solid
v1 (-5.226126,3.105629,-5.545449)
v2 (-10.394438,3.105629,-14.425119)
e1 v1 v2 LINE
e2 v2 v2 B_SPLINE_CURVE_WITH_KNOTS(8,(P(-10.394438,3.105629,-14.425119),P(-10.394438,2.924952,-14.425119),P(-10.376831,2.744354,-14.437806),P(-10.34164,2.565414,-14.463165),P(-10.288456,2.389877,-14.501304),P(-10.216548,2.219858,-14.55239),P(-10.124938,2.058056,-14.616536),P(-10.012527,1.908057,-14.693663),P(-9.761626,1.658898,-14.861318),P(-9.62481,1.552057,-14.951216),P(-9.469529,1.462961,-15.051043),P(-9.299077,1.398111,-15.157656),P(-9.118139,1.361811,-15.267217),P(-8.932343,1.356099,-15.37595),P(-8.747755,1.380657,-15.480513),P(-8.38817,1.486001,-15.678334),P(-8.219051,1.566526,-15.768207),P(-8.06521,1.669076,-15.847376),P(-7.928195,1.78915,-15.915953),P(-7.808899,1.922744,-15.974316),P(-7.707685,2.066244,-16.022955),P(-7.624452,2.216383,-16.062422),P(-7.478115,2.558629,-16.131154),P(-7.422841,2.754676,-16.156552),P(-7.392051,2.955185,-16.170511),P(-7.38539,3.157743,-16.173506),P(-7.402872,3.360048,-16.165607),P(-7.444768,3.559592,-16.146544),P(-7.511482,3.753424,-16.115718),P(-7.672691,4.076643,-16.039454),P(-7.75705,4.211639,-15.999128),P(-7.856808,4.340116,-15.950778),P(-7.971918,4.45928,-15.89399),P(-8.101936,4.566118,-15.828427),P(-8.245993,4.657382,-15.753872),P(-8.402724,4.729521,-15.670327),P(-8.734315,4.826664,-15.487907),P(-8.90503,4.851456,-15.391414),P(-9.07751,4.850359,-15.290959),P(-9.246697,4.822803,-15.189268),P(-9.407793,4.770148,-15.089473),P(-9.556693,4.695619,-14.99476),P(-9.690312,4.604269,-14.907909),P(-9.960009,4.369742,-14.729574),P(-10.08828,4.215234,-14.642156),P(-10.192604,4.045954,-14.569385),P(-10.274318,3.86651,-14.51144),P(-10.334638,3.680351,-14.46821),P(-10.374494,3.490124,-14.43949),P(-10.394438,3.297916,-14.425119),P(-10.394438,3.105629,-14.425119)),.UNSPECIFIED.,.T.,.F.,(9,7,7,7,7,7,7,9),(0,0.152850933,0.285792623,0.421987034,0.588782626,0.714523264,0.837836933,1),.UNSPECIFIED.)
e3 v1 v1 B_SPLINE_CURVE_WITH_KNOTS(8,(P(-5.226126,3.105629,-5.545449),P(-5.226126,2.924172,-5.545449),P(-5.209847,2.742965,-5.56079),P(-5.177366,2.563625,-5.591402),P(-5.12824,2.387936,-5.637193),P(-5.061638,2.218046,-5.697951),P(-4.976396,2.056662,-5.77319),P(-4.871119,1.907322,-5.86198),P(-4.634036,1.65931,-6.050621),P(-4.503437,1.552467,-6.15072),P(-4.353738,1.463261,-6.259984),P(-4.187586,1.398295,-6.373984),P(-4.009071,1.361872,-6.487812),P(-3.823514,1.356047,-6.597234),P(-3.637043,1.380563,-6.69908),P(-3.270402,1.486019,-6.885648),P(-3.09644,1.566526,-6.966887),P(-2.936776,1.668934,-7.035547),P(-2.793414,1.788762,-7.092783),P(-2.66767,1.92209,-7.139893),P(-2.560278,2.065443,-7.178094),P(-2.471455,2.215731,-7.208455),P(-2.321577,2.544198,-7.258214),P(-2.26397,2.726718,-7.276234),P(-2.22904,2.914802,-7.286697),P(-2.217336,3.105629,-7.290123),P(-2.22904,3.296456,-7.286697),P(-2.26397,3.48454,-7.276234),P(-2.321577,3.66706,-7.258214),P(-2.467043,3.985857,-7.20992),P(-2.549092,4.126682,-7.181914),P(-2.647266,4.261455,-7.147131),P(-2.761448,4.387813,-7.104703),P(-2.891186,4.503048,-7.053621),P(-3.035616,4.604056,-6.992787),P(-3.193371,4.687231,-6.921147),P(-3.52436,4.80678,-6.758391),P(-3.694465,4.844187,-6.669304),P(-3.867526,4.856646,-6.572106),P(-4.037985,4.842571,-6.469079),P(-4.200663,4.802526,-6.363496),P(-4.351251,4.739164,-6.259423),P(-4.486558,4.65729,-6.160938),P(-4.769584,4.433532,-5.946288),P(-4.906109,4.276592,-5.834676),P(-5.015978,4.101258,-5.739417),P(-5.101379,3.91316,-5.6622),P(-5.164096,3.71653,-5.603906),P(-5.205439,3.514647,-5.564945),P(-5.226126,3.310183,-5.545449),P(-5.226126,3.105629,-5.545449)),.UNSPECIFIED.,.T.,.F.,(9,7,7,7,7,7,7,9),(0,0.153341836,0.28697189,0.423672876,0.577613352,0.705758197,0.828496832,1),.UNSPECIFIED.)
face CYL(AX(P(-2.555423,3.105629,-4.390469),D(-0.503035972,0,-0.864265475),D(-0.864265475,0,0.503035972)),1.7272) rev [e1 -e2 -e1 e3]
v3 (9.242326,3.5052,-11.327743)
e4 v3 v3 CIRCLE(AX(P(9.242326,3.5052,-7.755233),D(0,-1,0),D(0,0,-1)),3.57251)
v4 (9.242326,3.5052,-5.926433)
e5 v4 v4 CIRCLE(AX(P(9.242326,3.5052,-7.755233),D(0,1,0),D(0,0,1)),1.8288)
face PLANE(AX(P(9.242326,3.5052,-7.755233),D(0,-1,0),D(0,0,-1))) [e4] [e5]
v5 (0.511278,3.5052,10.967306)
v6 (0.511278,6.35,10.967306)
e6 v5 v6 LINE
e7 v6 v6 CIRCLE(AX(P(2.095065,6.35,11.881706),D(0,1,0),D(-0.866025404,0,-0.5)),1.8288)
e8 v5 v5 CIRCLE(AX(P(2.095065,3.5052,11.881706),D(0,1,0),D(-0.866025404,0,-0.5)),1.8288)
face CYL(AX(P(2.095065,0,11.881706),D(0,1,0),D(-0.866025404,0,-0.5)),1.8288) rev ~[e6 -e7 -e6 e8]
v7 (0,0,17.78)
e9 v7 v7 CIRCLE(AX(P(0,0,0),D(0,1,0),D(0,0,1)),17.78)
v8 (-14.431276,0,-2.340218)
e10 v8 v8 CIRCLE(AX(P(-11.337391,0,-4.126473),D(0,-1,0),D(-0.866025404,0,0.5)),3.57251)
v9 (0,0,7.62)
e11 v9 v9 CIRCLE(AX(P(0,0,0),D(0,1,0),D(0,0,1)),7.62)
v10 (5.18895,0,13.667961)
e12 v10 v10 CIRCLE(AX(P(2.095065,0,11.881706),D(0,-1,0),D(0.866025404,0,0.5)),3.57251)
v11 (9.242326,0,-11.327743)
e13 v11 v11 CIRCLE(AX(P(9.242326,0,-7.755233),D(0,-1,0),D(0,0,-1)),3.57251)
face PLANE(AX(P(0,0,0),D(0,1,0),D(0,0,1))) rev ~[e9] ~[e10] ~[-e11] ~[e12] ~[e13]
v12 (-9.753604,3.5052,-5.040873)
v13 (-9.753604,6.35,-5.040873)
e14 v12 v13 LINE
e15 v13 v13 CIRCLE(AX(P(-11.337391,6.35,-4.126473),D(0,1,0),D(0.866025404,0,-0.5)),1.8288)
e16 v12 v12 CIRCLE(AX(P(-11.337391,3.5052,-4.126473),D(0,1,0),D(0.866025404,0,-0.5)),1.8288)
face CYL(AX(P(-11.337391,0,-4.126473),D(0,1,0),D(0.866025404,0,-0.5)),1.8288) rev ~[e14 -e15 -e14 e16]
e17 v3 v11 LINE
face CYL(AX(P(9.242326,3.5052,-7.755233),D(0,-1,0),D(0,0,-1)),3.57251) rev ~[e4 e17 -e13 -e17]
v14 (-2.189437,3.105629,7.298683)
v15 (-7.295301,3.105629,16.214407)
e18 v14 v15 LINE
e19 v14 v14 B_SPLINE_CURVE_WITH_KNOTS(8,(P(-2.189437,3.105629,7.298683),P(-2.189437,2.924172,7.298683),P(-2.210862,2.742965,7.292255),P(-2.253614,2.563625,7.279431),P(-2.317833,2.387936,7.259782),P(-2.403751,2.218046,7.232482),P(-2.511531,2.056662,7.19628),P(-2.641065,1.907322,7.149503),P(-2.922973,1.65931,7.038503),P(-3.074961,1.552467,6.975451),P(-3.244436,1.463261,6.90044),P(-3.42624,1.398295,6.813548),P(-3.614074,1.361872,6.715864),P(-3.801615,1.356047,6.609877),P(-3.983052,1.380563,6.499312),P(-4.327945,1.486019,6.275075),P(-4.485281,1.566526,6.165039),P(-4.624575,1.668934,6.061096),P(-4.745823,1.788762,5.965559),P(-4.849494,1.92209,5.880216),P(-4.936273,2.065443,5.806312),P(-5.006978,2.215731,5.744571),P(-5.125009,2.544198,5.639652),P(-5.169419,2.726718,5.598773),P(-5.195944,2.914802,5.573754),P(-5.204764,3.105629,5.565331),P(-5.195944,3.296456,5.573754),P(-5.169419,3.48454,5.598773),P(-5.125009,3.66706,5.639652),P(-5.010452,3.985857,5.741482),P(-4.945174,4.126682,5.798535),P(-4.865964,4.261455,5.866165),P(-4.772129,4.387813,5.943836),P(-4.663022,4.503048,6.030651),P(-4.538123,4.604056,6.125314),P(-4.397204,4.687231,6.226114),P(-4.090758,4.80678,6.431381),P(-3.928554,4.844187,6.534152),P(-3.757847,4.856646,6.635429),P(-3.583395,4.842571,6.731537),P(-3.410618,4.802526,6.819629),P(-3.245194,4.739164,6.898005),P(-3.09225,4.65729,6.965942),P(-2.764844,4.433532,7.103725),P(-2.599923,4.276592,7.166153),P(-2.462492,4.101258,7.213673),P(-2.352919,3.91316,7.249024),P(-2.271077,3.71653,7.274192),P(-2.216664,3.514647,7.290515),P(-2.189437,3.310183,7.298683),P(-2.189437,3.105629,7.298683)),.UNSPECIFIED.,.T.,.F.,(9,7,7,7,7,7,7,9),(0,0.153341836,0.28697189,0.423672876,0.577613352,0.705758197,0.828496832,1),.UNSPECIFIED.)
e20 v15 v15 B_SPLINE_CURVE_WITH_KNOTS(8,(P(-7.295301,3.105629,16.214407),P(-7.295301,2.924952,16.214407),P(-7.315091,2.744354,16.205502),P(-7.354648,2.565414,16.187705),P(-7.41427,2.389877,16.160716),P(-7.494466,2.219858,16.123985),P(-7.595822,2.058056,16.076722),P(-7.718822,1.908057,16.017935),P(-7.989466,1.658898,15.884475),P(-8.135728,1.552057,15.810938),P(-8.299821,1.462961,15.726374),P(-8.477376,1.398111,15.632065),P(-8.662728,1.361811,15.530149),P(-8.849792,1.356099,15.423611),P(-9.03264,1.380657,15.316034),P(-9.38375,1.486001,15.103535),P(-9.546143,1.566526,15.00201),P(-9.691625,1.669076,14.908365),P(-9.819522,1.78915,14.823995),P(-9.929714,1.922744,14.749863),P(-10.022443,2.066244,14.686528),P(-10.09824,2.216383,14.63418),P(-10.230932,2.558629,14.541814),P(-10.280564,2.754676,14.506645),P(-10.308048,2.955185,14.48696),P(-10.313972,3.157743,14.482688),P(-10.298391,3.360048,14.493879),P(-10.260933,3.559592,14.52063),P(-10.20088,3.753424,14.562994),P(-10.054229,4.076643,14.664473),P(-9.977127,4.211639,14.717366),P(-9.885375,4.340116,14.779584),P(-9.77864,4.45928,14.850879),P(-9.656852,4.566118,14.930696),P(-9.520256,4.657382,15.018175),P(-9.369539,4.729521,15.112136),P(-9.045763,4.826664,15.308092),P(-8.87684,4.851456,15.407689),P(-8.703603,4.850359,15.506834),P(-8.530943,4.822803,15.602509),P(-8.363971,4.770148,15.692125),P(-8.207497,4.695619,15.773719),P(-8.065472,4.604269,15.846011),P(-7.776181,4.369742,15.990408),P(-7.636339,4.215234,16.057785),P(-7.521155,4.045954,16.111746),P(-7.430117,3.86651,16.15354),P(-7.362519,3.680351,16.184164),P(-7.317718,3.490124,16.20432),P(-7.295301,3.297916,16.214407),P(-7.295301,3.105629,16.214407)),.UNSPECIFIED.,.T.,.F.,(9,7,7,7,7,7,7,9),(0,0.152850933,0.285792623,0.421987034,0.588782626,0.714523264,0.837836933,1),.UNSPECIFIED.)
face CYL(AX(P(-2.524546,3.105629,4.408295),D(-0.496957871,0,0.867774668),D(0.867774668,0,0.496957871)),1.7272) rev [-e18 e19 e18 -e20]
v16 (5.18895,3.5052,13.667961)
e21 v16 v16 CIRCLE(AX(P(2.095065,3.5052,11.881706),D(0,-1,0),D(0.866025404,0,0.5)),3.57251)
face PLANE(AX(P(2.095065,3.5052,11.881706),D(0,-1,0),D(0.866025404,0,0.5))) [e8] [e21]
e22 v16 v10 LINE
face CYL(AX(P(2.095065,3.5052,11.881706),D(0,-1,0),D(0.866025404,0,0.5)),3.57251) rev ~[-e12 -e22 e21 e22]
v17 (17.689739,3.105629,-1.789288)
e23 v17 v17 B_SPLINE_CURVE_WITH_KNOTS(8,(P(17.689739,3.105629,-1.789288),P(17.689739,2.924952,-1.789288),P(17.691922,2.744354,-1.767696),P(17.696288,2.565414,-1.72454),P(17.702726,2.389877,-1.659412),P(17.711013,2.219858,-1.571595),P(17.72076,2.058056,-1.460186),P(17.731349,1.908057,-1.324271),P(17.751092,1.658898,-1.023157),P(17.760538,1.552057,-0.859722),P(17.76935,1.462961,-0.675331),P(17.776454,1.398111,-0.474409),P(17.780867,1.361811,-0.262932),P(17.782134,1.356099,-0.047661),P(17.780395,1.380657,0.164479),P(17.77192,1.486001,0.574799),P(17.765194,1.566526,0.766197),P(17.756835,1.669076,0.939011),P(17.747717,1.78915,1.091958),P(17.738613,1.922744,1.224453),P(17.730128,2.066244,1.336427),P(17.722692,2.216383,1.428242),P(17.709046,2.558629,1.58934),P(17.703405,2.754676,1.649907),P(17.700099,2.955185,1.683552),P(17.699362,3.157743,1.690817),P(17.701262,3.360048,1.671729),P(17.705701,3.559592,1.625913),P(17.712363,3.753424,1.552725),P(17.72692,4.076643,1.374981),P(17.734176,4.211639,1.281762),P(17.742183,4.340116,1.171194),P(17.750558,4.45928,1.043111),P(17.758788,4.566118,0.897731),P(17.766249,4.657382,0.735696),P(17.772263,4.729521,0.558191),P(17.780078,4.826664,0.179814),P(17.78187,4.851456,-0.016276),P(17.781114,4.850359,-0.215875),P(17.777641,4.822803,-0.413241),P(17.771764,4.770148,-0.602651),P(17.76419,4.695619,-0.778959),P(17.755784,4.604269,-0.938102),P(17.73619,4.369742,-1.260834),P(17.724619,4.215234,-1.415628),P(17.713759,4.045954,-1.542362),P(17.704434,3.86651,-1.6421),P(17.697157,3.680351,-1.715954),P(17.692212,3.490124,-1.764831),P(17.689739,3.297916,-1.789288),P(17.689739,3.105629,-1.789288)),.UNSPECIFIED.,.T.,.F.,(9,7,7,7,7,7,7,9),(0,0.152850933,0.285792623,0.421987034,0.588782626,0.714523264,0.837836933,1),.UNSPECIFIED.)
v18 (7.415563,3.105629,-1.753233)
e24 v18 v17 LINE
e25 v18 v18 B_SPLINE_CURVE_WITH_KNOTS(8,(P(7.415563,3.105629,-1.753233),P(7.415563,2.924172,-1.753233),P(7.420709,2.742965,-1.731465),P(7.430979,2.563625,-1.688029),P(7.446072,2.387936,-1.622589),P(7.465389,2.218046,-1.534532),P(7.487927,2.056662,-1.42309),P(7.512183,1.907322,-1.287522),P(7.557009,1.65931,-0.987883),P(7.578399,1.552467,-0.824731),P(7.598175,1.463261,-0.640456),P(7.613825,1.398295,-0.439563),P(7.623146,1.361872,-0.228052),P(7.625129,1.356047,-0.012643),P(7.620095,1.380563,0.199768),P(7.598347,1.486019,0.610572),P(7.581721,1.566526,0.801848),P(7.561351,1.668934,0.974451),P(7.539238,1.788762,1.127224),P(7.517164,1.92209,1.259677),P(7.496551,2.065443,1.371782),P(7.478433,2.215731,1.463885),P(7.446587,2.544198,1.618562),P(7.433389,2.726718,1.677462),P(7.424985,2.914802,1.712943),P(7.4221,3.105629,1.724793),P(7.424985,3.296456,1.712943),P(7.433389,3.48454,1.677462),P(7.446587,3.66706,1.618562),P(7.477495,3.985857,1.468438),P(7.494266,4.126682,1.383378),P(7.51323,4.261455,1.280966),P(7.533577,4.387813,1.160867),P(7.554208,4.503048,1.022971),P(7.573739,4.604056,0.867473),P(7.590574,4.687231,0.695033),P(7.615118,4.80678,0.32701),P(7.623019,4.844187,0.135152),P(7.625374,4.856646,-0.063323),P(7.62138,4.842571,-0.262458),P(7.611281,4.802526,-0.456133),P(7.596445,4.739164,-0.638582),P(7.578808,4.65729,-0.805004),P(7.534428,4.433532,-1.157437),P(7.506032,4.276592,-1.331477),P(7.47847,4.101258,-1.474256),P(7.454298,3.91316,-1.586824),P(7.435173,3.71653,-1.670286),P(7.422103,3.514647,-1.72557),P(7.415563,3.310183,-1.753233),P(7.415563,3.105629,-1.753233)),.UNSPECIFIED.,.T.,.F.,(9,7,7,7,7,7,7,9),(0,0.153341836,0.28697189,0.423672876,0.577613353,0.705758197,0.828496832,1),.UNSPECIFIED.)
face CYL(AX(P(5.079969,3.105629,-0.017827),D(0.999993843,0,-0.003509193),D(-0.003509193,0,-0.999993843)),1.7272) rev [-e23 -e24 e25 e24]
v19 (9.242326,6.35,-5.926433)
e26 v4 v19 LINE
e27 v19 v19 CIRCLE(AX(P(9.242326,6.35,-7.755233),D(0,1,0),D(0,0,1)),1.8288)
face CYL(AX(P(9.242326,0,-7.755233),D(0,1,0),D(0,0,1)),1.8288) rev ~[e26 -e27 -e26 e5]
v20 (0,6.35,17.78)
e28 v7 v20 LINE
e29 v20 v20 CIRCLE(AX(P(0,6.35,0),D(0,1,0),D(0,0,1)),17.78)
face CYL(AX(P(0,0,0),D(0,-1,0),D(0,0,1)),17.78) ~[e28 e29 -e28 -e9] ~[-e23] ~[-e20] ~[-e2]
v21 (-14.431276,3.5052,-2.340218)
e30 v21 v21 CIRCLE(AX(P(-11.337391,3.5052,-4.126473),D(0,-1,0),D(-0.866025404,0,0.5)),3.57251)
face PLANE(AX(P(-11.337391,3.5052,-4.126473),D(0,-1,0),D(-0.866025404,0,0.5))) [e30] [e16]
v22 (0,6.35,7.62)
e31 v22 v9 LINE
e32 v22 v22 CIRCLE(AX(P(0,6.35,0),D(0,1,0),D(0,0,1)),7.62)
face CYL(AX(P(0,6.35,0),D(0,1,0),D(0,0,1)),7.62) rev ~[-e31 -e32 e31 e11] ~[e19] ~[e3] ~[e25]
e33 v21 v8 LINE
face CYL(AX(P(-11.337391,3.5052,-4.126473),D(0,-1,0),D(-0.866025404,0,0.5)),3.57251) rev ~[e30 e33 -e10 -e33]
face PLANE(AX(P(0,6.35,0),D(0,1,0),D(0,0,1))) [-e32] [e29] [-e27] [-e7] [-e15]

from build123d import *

# Parameters (mm, degrees)
SKETCH1_R                                      = 17.78
BOSS_EXTRUDE1_DEPTH                            = 6.35
CIRPATTERN3_COUNT                              = 3
CUT_EXTRUDE2_REACH                             = 27.934
SKETCH16_R                                     = 7.62
CBORE_FOR_6_SOCKET_HEAD_CAP_SCREW4_D           = 3.6576
CBORE_FOR_6_SOCKET_HEAD_CAP_SCREW4_CBORE_D     = 7.14502
CBORE_FOR_6_SOCKET_HEAD_CAP_SCREW4_CBORE_DEPTH = 3.5052
CIRPATTERN4_COUNT                              = 3


with BuildPart() as part:
    # Sketch1 → Boss-Extrude1 (new body)
    with BuildSketch(Plane(origin=(0, 0, 0), x_dir=(1, 0, 0), z_dir=(0, 1, 0))):
        with Locations(Location((0, 0, 0), (0, 0, 270))):
            Circle(SKETCH1_R)
    extrude(amount=BOSS_EXTRUDE1_DEPTH)

    # Sketch15 → Tap Drill for #8-32 Tap2 (revolve, cut)
    with BuildSketch(Plane(origin=(-8.835910942, 3.105629072, 15.4290336), x_dir=(0.8677746681735182, 0, 0.4969578707258196), z_dir=(0, 1, 0))):
        Polygon((0, 0), (0, 14.149292883), (1.7272, 12.7), (1.7272, 0), align=None)
    tap_drill_for_8_32_tap2 = revolve(axis=Axis((-11.991593421, 3.105629072, 20.939402743), (0.4969578707258196, 0, -0.8677746681735182)), mode=Mode.SUBTRACT)

    # CirPattern3: Tap Drill for #8-32 Tap2 ×3 about axis
    cirpattern3_axis = Axis((0, 6.35, 0), (0, -1, 0))
    for i in range(1, CIRPATTERN3_COUNT):
        add(tap_drill_for_8_32_tap2.rotate(cirpattern3_axis, i * 360 / CIRPATTERN3_COUNT), mode=Mode.SUBTRACT)

    # Sketch16 → Cut-Extrude2 (cut, up to next)
    with BuildSketch(Plane(origin=(0, 6.35, 0), x_dir=(1, 0, 0), z_dir=(0, 1, 0)), mode=Mode.PRIVATE) as cut_extrude2_sk1:
        with Locations(Location((0, 0, 0), (0, 0, 270))):
            Circle(SKETCH16_R)
    cut_extrude2_tool1 = extrude(cut_extrude2_sk1.sketch, amount=-CUT_EXTRUDE2_REACH, mode=Mode.PRIVATE) & part.part
    add(cut_extrude2_tool1.solids().sort_by_distance((0, 6.35, 0))[0], mode=Mode.SUBTRACT)

    # CBORE for #6 Socket Head Cap Screw4 (through all)
    with Locations(Plane(origin=(9.242326206, 0, -7.755232511), x_dir=(0, 0, -1), z_dir=(0, -1, 0))):
        with Locations((0, 0)):
            cbore_for_6_socket_head_cap_screw4 = CounterBoreHole(CBORE_FOR_6_SOCKET_HEAD_CAP_SCREW4_D / 2, CBORE_FOR_6_SOCKET_HEAD_CAP_SCREW4_CBORE_D / 2, CBORE_FOR_6_SOCKET_HEAD_CAP_SCREW4_CBORE_DEPTH)

    # CirPattern4: CBORE for #6 Socket Head Cap Screw4 ×3 about axis
    cirpattern4_axis = Axis((0, 0, 0), (0, 1, 0))
    for i in range(1, CIRPATTERN4_COUNT):
        add(cbore_for_6_socket_head_cap_screw4.rotate(cirpattern4_axis, i * 360 / CIRPATTERN4_COUNT), mode=Mode.SUBTRACT)


solid = part.part
